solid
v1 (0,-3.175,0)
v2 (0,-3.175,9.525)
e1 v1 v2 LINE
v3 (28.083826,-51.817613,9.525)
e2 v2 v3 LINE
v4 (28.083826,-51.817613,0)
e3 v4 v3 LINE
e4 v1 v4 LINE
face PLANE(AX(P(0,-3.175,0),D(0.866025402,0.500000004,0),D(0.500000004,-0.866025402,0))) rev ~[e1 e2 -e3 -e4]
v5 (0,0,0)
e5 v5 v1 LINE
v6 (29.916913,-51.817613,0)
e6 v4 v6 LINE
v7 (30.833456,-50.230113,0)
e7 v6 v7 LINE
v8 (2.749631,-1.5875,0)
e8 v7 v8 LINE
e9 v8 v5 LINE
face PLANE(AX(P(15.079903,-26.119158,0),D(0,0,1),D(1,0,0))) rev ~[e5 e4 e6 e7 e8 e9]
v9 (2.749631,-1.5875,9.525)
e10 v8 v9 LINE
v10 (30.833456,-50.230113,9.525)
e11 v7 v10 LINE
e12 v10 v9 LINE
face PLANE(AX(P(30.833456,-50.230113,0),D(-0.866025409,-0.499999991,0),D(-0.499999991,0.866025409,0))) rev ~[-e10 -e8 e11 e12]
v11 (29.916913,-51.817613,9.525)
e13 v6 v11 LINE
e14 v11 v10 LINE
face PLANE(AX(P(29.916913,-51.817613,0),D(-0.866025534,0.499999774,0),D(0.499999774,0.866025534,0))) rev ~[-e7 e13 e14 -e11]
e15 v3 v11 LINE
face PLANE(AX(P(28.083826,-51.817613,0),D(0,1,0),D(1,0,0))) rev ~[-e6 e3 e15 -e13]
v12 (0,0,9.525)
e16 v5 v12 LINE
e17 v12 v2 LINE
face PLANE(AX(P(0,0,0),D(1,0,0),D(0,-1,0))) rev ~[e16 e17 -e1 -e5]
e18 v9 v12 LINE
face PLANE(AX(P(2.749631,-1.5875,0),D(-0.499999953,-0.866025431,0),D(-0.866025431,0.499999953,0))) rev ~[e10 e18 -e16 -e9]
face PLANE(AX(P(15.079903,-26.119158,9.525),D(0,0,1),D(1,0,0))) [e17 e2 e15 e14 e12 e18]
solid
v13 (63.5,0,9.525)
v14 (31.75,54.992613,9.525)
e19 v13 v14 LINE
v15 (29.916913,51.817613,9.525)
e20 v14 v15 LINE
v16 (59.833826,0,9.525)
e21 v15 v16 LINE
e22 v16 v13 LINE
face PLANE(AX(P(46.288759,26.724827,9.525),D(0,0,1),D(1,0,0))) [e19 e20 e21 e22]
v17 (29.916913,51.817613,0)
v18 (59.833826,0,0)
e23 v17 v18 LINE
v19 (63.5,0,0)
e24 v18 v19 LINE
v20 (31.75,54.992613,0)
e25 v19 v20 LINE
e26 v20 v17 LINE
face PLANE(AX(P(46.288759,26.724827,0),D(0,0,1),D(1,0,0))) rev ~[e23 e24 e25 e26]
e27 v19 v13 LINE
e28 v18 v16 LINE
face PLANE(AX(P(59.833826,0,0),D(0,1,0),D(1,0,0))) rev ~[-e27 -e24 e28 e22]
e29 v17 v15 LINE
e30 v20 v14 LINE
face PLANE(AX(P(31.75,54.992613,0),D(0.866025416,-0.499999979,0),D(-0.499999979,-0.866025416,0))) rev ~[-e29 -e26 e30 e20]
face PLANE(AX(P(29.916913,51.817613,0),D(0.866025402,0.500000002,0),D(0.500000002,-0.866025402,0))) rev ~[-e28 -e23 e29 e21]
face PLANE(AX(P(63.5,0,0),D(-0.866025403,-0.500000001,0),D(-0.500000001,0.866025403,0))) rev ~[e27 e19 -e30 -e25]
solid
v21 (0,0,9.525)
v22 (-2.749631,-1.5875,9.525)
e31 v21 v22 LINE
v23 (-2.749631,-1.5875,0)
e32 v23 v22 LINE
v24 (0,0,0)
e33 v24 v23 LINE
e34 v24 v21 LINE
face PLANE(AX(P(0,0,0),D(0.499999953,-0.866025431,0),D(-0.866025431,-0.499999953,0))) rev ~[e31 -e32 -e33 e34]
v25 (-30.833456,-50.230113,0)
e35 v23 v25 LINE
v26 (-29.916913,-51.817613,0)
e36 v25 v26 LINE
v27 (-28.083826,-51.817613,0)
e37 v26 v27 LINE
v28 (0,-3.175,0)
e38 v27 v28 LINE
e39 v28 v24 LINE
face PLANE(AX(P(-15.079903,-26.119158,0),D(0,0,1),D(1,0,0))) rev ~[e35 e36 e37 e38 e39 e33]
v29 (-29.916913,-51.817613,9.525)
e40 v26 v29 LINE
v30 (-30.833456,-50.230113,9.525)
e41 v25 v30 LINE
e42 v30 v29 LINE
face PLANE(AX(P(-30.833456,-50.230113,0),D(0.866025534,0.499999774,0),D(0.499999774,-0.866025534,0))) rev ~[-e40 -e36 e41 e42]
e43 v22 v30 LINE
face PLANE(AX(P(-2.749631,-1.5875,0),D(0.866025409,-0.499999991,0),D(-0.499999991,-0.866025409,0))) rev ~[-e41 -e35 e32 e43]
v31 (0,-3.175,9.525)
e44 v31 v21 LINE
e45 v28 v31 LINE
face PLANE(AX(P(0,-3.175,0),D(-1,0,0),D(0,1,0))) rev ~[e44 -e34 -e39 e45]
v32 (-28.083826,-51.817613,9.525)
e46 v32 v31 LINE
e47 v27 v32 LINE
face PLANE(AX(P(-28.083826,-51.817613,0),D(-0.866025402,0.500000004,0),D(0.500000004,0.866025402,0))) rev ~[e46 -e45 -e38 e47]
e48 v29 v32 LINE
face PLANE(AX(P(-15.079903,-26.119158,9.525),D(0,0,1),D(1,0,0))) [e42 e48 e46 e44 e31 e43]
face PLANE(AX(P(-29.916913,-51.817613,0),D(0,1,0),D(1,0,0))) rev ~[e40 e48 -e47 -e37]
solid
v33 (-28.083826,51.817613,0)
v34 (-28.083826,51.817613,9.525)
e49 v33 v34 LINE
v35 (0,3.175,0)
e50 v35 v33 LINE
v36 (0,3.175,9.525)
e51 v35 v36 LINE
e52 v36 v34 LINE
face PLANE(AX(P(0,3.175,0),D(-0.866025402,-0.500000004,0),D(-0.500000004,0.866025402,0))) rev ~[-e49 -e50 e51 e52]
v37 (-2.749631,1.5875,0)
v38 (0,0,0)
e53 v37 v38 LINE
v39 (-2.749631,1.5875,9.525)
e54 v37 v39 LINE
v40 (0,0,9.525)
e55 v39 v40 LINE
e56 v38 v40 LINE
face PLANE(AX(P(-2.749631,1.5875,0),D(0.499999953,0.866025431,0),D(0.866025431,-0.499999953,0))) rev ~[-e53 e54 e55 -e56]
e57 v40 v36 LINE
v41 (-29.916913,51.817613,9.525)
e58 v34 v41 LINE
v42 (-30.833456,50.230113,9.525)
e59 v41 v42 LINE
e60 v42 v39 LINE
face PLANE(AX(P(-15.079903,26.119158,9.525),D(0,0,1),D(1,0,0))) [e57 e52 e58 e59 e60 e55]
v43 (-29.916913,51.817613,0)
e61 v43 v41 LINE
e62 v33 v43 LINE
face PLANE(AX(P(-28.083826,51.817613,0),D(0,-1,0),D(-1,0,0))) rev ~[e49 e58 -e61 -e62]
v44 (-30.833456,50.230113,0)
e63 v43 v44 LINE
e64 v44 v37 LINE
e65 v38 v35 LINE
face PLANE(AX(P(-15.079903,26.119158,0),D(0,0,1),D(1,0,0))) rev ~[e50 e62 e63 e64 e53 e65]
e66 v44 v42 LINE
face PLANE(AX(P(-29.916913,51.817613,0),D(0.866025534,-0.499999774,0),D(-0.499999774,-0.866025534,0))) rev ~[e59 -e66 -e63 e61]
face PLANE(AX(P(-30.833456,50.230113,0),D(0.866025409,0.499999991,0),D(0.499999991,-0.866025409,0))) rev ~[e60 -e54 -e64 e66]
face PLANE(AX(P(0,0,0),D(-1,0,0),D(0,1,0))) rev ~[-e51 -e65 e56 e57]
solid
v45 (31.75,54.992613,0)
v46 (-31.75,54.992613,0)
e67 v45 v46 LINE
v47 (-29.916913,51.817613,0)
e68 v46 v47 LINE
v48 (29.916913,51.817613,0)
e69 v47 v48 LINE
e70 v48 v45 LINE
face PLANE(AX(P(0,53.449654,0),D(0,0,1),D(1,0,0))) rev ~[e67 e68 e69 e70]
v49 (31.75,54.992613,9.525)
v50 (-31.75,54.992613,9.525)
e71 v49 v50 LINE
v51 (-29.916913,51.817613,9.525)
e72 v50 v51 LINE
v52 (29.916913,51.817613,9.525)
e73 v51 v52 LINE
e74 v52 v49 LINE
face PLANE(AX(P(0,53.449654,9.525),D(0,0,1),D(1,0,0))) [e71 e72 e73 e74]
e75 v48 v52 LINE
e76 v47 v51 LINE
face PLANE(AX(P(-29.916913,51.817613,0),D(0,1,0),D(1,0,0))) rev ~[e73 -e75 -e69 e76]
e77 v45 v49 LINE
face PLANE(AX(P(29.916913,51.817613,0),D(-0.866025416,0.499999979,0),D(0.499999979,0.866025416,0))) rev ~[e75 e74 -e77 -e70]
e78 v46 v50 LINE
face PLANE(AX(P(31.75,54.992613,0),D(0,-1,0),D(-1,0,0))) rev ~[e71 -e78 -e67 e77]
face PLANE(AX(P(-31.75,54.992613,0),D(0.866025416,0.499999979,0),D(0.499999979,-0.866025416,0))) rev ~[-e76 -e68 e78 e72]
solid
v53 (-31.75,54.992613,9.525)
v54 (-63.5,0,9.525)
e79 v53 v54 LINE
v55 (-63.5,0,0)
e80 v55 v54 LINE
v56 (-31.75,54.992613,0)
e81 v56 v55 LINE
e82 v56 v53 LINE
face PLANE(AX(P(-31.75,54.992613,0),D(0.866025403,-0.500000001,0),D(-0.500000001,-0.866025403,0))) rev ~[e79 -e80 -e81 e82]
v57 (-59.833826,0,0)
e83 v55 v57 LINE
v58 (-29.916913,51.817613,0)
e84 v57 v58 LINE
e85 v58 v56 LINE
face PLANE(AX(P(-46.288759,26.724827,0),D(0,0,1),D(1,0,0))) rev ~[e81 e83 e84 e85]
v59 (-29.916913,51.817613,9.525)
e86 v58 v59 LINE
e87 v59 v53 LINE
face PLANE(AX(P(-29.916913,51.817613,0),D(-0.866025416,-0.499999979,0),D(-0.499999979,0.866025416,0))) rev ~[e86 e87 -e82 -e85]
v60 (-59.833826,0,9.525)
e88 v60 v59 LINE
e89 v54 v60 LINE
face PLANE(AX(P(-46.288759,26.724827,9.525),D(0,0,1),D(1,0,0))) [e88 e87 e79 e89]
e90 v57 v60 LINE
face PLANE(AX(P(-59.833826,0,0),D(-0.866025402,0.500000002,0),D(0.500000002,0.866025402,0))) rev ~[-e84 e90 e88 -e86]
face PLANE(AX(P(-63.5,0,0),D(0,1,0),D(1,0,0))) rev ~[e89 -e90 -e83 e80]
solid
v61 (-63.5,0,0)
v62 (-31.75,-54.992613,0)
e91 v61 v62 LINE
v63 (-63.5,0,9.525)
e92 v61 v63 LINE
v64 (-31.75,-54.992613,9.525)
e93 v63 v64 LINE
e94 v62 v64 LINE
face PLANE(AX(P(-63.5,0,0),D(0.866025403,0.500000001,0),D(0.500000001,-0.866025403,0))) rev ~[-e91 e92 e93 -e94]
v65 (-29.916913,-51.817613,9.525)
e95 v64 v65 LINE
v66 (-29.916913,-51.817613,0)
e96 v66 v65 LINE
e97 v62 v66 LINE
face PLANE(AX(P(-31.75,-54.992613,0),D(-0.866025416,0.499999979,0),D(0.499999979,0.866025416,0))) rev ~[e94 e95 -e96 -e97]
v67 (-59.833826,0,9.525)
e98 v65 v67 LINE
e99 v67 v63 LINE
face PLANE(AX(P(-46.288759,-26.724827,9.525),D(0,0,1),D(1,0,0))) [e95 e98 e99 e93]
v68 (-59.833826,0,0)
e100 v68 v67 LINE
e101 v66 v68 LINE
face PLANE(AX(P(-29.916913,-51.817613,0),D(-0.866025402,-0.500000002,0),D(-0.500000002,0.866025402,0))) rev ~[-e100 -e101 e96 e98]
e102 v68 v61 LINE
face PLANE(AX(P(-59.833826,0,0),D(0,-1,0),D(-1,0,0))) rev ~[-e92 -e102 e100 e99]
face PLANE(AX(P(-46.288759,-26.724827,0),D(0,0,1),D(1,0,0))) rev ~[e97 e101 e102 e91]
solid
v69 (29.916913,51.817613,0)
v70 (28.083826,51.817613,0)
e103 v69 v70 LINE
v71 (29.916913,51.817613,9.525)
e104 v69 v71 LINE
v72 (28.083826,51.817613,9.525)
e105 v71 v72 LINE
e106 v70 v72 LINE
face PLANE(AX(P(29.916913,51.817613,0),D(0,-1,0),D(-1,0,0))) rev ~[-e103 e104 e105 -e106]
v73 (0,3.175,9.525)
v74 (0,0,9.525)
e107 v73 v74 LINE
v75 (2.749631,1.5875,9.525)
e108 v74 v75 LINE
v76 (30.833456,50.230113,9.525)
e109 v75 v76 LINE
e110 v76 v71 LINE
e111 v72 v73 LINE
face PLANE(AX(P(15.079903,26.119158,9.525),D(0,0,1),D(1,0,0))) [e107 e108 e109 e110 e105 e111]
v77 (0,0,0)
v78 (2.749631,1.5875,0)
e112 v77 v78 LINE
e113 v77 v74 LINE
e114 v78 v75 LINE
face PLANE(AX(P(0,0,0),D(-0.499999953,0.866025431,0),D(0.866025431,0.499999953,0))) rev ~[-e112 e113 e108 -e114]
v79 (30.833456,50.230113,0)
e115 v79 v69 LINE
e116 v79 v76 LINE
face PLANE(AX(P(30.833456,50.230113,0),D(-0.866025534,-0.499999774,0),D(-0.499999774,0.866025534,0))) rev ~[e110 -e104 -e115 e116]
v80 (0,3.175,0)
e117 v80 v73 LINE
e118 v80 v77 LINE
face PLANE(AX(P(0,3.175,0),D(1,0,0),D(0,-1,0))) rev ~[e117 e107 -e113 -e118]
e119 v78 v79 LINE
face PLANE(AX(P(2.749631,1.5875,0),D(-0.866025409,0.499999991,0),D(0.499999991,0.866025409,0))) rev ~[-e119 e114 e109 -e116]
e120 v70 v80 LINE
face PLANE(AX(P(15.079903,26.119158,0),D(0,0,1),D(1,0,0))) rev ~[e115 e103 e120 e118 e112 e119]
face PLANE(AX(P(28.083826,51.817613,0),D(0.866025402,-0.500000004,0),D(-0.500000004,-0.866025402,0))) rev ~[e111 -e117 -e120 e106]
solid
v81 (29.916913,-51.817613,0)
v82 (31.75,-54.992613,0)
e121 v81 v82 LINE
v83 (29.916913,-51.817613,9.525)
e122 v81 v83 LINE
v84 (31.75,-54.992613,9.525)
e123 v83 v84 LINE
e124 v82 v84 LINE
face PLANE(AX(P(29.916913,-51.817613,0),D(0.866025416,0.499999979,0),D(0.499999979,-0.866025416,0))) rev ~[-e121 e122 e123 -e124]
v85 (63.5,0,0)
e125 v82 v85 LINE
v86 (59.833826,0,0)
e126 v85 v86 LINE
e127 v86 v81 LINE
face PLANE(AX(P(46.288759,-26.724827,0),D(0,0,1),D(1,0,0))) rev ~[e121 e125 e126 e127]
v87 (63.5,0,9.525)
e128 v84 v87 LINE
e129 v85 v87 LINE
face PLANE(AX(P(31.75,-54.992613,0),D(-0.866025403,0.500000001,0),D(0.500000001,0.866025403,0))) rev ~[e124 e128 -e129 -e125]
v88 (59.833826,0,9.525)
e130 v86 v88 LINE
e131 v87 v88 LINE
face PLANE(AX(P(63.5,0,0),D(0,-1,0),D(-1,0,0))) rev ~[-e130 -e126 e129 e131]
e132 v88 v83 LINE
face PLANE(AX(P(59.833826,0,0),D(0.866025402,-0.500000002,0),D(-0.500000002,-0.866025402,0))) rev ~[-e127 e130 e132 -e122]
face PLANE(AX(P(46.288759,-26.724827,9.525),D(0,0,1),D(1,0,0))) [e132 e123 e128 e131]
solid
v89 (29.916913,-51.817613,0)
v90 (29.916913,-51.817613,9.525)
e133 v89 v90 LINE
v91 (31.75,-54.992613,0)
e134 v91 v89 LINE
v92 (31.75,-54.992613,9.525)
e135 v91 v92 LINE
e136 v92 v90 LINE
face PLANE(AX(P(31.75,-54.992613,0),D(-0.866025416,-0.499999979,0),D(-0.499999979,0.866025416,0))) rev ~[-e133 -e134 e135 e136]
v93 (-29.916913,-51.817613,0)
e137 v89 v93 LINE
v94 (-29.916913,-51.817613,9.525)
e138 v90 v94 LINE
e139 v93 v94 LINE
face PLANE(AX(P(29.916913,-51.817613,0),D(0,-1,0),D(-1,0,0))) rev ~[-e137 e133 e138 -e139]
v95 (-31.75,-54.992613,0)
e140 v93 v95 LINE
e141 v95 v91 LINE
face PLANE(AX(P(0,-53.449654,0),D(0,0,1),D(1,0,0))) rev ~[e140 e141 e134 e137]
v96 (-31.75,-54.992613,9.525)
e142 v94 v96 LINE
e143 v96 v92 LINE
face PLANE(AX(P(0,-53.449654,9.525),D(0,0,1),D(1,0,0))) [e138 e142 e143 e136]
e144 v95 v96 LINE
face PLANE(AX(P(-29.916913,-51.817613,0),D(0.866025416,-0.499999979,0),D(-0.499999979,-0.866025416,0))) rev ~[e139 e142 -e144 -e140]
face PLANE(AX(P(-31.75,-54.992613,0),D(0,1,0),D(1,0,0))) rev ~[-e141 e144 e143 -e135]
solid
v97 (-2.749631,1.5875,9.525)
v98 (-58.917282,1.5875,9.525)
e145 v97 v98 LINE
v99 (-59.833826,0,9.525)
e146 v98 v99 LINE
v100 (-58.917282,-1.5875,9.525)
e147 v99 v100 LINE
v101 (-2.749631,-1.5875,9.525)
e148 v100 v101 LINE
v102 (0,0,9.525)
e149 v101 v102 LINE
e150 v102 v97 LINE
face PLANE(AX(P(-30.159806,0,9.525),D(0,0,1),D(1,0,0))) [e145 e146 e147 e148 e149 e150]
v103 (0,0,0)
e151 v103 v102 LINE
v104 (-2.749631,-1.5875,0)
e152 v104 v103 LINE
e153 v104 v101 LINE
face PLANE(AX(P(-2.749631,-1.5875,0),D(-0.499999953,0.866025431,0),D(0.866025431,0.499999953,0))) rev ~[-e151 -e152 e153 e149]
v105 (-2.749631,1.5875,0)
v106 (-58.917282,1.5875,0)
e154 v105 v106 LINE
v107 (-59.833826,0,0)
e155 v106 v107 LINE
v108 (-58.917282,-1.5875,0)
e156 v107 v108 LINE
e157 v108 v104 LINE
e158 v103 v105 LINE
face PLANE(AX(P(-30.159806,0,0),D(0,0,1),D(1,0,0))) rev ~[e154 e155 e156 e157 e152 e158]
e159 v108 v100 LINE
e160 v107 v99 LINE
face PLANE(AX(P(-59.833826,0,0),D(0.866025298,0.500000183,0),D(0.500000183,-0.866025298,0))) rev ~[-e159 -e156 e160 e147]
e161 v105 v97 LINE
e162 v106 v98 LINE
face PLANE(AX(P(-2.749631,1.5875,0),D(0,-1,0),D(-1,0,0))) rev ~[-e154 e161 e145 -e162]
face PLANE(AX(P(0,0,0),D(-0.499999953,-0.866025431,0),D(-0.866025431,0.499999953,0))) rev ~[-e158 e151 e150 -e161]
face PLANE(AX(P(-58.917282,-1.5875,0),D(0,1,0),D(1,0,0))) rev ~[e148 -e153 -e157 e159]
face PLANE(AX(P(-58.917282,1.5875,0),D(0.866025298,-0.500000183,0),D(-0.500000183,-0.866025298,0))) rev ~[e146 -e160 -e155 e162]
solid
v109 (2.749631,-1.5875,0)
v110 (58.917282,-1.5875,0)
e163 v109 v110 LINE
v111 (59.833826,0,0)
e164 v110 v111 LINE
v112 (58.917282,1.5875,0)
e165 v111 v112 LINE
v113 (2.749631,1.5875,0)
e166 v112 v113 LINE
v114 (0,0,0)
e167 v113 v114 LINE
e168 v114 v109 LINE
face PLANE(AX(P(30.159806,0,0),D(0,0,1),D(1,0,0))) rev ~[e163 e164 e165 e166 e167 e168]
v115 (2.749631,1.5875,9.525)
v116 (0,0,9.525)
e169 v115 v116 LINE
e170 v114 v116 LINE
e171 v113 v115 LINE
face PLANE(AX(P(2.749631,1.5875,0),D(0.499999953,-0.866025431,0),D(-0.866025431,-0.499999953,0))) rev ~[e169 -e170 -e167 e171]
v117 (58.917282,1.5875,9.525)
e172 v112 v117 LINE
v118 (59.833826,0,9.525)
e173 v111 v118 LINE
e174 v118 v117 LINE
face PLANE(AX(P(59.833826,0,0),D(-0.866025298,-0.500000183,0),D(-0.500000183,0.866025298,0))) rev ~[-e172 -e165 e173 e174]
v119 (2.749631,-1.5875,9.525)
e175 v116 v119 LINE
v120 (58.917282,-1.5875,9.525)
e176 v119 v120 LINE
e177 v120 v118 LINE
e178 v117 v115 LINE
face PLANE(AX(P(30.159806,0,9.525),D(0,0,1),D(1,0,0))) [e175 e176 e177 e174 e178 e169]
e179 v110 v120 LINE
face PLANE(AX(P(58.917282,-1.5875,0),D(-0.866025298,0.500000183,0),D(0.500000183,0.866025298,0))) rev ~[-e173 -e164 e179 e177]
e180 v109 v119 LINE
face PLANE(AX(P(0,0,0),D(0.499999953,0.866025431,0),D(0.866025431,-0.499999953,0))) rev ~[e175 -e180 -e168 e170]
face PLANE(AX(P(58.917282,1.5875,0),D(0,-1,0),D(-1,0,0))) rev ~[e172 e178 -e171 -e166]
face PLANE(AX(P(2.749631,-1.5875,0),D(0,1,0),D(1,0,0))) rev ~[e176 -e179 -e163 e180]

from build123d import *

# Parameters (mm, degrees)
F1_DEPTH = 9.525
F2_DEPTH = 9.525
F4_DEPTH = 9.525
F5_DEPTH = 9.525
F6_DEPTH = 9.525


with BuildPart() as f1:
    # F0 (on Top) → F1 (new body)
    with BuildSketch(Plane.XY):
        Polygon((-59.833826, 0), (-29.916913, 51.817613), (-31.75, 54.992613), (-63.5, 0), align=None)
        Polygon((31.75, 54.992613), (29.916913, 51.817613), (59.833826, 0), (63.5, 0), align=None)
        Polygon((31.75, -54.992613), (29.916913, -51.817613), (-29.916913, -51.817613), (-31.75, -54.992613), align=None)
    extrude(amount=F1_DEPTH)


with BuildPart() as f2:
    # F0 (on Top) → F2 (new body)
    with BuildSketch(Plane.XY):
        Polygon((-29.916913, -51.817613), (-59.833826, 0), (-63.5, 0), (-31.75, -54.992613), align=None)
        Polygon((-29.916913, 51.817613), (29.916913, 51.817613), (31.75, 54.992613), (-31.75, 54.992613), align=None)
        Polygon((63.5, 0), (59.833826, 0), (29.916913, -51.817613), (31.75, -54.992613), align=None)
    extrude(amount=F2_DEPTH)


with BuildPart() as f4:
    # F3 (on Top) → F4 (new body)
    with BuildSketch(Plane.XY):
        Polygon((-29.916913, 51.817613), (-30.833456, 50.230113), (-2.749631, 1.5875), (0, 0), (0, 3.175), (-28.083826, 51.817613), align=None)
        Polygon((2.749631, -1.5875), (0, 0), (0, -3.175), (28.083826, -51.817613), (29.916913, -51.817613), (30.833456, -50.230113), align=None)
    extrude(amount=F4_DEPTH)


with BuildPart() as f5:
    # F3 (on Top) → F5 (new body)
    with BuildSketch(Plane.XY):
        Polygon((0, 0), (-2.749631, 1.5875), (-58.917282, 1.5875), (-59.833826, 0), (-58.917282, -1.5875), (-2.749631, -1.5875), align=None)
        Polygon((2.749631, 1.5875), (0, 0), (2.749631, -1.5875), (58.917282, -1.5875), (59.833826, 0), (58.917282, 1.5875), align=None)
    extrude(amount=F5_DEPTH)


with BuildPart() as f6:
    # F3 (on Top) → F6 (new body)
    with BuildSketch(Plane.XY):
        Polygon((0, 3.175), (0, 0), (2.749631, 1.5875), (30.833456, 50.230113), (29.916913, 51.817613), (28.083826, 51.817613), align=None)
        Polygon((0, -3.175), (0, 0), (-2.749631, -1.5875), (-30.833456, -50.230113), (-29.916913, -51.817613), (-28.083826, -51.817613), align=None)
    extrude(amount=F6_DEPTH)


solid = Compound([f1.part, f2.part, f4.part, f5.part, f6.part])
